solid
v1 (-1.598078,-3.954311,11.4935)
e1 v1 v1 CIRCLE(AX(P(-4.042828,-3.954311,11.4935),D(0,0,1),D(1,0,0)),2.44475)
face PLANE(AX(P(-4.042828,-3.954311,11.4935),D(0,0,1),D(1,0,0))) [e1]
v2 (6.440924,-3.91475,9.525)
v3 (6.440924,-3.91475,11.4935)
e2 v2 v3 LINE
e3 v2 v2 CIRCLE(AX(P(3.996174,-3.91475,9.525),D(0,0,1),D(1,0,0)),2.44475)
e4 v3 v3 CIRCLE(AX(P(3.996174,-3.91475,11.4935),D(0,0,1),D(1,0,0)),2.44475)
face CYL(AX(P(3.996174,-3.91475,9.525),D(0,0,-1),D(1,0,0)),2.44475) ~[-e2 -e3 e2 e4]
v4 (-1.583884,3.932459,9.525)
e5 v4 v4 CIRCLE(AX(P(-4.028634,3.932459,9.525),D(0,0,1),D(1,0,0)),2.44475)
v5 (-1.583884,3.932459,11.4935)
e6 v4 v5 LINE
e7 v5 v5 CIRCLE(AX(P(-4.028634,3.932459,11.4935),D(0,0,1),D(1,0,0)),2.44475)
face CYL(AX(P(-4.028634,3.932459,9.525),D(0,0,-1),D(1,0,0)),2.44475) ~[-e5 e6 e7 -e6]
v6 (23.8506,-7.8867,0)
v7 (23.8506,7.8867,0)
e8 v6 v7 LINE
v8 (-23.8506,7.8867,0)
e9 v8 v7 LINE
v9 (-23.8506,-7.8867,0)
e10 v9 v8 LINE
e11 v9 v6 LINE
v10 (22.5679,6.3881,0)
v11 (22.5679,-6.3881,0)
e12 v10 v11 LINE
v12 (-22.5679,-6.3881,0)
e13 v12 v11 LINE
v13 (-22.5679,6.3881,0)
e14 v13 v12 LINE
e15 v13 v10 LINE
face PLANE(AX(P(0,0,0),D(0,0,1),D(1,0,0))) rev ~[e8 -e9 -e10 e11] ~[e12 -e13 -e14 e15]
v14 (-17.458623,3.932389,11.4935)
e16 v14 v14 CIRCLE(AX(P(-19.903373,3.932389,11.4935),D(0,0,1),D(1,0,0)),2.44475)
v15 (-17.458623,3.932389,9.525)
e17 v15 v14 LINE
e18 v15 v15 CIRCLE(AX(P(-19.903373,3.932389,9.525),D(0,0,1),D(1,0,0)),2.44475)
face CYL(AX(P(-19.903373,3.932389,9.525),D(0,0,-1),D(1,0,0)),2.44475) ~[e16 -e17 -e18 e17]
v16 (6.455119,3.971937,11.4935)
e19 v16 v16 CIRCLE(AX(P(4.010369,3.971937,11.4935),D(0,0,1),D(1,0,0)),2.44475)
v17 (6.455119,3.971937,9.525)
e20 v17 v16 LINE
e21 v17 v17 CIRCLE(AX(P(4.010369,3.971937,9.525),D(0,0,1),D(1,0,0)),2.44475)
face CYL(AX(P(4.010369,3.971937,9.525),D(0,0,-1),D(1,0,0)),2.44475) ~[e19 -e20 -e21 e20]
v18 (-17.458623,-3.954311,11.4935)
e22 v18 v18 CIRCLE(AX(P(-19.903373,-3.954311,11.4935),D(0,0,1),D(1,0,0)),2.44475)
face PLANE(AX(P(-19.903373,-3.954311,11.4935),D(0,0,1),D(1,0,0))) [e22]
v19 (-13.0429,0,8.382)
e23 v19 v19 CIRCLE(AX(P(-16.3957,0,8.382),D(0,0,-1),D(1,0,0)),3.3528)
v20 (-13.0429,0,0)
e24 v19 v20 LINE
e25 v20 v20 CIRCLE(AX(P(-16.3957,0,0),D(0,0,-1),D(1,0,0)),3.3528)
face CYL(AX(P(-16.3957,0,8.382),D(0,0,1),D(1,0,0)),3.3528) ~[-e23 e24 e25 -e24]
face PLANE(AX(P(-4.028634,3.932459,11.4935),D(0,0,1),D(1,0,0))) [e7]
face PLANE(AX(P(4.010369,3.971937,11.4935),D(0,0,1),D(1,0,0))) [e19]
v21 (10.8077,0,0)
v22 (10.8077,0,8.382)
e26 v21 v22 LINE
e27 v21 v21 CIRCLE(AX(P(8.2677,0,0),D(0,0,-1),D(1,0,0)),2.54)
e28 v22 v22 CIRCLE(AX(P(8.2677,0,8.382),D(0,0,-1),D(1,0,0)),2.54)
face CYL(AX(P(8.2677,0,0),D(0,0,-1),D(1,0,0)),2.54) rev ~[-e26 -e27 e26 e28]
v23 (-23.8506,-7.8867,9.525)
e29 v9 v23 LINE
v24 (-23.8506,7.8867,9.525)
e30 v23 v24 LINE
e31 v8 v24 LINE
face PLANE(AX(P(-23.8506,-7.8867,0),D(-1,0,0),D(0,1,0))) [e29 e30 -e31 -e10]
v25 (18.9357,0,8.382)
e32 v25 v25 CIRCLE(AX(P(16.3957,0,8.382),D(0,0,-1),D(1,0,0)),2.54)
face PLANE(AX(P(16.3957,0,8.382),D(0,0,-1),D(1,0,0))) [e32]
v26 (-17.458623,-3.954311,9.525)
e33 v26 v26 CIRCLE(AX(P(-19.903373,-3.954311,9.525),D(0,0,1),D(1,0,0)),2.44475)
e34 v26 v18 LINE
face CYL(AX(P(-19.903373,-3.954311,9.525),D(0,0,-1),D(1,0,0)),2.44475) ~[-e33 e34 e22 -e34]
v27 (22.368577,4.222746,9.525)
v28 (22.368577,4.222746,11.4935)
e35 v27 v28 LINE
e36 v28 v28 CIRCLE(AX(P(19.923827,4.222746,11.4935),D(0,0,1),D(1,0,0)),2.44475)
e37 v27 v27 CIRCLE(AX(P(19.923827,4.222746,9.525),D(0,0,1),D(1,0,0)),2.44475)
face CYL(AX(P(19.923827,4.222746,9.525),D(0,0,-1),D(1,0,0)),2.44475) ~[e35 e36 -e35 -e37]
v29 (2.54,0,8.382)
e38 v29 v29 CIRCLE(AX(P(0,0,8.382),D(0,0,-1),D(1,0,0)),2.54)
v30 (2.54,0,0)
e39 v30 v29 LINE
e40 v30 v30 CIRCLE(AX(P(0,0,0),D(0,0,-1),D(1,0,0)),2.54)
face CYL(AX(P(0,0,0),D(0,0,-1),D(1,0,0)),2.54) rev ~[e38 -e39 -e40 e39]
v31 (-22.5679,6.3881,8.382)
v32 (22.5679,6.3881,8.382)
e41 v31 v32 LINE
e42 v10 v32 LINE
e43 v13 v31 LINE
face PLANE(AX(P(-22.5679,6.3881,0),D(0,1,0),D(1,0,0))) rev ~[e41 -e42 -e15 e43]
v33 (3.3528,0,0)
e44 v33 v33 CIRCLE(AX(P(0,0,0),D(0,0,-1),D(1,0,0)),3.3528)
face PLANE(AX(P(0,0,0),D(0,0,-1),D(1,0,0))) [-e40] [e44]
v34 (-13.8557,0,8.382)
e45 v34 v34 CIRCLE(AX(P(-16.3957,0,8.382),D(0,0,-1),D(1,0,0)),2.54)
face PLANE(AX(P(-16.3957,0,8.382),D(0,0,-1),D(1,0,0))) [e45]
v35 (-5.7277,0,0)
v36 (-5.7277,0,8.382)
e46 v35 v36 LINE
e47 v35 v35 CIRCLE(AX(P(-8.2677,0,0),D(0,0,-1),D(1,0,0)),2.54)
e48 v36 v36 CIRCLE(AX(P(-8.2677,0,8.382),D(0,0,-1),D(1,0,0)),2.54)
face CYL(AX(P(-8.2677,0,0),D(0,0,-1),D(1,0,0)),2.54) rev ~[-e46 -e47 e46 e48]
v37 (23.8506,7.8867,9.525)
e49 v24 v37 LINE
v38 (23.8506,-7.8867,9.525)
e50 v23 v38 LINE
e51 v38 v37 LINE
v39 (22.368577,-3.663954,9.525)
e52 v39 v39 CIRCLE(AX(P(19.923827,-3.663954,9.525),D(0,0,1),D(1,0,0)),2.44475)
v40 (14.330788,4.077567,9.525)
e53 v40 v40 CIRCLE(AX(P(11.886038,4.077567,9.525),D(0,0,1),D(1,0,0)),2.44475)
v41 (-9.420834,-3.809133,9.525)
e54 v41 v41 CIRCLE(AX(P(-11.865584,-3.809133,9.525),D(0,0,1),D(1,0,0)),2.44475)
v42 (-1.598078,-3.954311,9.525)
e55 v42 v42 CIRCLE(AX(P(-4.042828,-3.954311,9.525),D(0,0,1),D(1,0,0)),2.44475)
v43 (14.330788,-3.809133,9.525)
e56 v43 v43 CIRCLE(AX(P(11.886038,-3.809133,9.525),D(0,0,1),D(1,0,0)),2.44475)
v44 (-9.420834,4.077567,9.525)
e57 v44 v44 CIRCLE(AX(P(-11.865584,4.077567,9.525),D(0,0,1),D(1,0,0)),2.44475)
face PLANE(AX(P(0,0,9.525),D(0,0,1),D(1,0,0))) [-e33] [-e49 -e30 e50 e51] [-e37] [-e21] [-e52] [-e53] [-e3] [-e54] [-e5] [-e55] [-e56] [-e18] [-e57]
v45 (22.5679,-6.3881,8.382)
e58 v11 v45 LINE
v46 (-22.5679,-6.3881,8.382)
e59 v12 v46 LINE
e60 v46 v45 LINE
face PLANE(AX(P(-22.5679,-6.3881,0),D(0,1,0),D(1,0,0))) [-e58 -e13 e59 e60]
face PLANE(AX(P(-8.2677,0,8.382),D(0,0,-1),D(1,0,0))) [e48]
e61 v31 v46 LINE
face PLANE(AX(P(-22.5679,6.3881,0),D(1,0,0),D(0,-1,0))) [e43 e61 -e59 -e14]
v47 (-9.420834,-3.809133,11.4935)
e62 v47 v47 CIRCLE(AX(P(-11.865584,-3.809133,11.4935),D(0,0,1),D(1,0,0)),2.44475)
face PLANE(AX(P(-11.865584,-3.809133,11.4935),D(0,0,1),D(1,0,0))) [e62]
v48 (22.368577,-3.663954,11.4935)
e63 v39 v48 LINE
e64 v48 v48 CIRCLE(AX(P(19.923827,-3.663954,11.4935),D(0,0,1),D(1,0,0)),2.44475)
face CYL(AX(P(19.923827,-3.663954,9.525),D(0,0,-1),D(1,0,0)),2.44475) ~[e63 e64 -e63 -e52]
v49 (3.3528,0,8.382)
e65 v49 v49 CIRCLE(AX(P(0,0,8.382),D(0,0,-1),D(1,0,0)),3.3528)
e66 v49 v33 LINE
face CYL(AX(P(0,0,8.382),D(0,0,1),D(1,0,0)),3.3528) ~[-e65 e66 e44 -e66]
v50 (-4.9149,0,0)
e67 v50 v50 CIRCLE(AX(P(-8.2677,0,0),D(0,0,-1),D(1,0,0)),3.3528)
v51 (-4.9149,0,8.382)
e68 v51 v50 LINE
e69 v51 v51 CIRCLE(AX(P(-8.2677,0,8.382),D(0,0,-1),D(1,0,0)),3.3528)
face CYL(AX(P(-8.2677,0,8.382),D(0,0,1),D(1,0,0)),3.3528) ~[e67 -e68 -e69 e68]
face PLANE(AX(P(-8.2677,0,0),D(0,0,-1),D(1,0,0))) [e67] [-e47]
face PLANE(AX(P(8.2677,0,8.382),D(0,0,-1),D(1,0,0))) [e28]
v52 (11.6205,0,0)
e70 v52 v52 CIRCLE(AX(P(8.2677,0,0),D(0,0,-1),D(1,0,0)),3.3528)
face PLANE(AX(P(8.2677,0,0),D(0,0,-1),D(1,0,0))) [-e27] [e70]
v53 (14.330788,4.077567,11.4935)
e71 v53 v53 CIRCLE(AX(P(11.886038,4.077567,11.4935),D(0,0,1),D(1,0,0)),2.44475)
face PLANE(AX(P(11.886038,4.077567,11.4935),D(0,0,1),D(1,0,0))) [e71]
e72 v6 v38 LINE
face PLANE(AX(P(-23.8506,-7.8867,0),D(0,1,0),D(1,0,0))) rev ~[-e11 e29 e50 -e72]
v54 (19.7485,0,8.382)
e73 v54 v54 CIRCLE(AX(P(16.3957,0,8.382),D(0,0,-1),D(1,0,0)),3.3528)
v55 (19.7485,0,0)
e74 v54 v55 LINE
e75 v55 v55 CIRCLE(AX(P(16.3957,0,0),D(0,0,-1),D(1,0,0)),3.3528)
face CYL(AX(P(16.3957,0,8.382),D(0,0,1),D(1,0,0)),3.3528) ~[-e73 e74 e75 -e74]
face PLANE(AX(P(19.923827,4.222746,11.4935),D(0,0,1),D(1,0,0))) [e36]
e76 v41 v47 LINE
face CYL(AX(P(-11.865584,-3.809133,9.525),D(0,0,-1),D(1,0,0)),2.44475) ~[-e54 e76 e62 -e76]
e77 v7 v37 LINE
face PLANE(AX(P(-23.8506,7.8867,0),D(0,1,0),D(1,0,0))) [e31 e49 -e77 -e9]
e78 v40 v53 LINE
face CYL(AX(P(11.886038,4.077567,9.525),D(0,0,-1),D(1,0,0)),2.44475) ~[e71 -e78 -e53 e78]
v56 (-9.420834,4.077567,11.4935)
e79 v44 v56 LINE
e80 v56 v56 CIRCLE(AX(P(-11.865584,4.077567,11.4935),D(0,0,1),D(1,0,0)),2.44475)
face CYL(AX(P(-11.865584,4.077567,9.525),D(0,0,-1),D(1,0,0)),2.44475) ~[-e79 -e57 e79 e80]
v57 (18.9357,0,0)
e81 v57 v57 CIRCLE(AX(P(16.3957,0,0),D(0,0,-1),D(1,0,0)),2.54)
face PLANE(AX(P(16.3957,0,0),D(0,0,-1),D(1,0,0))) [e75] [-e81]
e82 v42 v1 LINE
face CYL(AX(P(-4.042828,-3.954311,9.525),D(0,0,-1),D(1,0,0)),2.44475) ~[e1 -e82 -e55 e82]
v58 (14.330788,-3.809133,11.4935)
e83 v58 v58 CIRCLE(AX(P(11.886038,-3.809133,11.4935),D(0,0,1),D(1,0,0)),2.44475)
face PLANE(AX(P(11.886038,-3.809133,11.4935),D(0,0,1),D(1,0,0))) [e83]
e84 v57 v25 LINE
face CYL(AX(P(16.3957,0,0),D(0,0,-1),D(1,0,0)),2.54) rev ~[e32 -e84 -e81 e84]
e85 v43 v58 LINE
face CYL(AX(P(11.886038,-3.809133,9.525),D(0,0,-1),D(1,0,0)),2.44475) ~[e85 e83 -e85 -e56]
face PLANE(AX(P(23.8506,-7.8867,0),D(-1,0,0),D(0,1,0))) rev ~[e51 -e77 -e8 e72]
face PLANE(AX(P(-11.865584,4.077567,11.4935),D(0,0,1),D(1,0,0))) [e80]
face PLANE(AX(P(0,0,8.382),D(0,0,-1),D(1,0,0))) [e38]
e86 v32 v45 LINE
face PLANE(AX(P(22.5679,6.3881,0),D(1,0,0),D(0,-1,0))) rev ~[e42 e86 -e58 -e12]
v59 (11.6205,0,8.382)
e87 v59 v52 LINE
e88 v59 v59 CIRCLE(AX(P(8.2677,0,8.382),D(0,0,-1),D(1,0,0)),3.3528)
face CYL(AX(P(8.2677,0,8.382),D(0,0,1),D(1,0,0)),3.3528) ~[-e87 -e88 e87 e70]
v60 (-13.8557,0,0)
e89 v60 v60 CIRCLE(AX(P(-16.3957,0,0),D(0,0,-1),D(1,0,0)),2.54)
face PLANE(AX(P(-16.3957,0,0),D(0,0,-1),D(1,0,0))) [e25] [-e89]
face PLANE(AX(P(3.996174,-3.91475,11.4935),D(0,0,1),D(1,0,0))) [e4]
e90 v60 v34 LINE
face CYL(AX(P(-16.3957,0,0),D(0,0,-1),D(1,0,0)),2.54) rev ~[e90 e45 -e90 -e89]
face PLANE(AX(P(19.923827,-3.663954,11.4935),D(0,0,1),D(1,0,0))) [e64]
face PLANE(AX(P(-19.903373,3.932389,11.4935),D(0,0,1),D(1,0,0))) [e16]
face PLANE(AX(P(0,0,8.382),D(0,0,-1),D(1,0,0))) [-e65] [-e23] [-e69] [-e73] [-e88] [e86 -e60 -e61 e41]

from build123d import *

# Parameters (mm, degrees)
F0_W     = 47.7012
F0_H     = 15.7734
F1_DEPTH = 9.525
F2_R     = 2.44475
F3_DEPTH = 1.9685
F4_W     = 45.1358
F4_H     = 12.7762
F5_DEPTH = 8.382
F6_R     = 3.3528
F7_DEPTH = 8.382
F8_R     = 2.54
F9_DEPTH = 8.382


with BuildPart() as f1:
    # F0 (on Top) → F1 (new body)
    with BuildSketch(Plane.XY):
        Rectangle(F0_W, F0_H)
    extrude(amount=F1_DEPTH)

    # F2 (on face) → F3 (join)
    with BuildSketch(Plane.XY.offset(9.525)):
        with Locations((3.996174, -3.91475)):
            Circle(F2_R)
        with Locations((-4.042828, -3.954311)):
            Circle(F2_R)
        with Locations((4.010369, 3.971937)):
            Circle(F2_R)
        with Locations((11.886038, -3.809133)):
            Circle(F2_R)
        with Locations((-11.865584, -3.809133)):
            Circle(F2_R)
        with Locations((-4.028634, 3.932459)):
            Circle(F2_R)
        with Locations((11.886038, 4.077567)):
            Circle(F2_R)
        with Locations((-11.865584, 4.077567)):
            Circle(F2_R)
        with Locations((-19.903373, -3.954311)):
            Circle(F2_R)
        with Locations((19.923827, -3.663954)):
            Circle(F2_R)
        with Locations((19.923827, 4.222746)):
            Circle(F2_R)
        with Locations((-19.903373, 3.932389)):
            Circle(F2_R)
    extrude(amount=F3_DEPTH)

    # F4 (on face) → F5 (cut)
    with BuildSketch(Plane(origin=(0, 0, 0), x_dir=(1, 0, 0), z_dir=(0, 0, -1))):
        Rectangle(F4_W, F4_H)
    extrude(amount=-F5_DEPTH, mode=Mode.SUBTRACT)

    # F6 (on face) → F7 (join)
    with BuildSketch(Plane(origin=(0, 0, 8.382), x_dir=(1, 0, 0), z_dir=(0, 0, -1))):
        Circle(F6_R)
        with Locations((-16.3957, 0)):
            Circle(F6_R)
        with Locations((-8.2677, 0)):
            Circle(F6_R)
        with Locations((8.2677, 0)):
            Circle(F6_R)
        with Locations((16.3957, 0)):
            Circle(F6_R)
    extrude(amount=F7_DEPTH)

    # F8 (on face) → F9 (cut)
    with BuildSketch(Plane(origin=(0, 0, 0), x_dir=(1, 0, 0), z_dir=(0, 0, -1))):
        with Locations((-16.3957, 0)):
            Circle(F8_R)
        with Locations((-8.2677, 0)):
            Circle(F8_R)
        Circle(F8_R)
        with Locations((8.2677, 0)):
            Circle(F8_R)
        with Locations((16.3957, 0)):
            Circle(F8_R)
    extrude(amount=-F9_DEPTH, mode=Mode.SUBTRACT)


solid = f1.part
